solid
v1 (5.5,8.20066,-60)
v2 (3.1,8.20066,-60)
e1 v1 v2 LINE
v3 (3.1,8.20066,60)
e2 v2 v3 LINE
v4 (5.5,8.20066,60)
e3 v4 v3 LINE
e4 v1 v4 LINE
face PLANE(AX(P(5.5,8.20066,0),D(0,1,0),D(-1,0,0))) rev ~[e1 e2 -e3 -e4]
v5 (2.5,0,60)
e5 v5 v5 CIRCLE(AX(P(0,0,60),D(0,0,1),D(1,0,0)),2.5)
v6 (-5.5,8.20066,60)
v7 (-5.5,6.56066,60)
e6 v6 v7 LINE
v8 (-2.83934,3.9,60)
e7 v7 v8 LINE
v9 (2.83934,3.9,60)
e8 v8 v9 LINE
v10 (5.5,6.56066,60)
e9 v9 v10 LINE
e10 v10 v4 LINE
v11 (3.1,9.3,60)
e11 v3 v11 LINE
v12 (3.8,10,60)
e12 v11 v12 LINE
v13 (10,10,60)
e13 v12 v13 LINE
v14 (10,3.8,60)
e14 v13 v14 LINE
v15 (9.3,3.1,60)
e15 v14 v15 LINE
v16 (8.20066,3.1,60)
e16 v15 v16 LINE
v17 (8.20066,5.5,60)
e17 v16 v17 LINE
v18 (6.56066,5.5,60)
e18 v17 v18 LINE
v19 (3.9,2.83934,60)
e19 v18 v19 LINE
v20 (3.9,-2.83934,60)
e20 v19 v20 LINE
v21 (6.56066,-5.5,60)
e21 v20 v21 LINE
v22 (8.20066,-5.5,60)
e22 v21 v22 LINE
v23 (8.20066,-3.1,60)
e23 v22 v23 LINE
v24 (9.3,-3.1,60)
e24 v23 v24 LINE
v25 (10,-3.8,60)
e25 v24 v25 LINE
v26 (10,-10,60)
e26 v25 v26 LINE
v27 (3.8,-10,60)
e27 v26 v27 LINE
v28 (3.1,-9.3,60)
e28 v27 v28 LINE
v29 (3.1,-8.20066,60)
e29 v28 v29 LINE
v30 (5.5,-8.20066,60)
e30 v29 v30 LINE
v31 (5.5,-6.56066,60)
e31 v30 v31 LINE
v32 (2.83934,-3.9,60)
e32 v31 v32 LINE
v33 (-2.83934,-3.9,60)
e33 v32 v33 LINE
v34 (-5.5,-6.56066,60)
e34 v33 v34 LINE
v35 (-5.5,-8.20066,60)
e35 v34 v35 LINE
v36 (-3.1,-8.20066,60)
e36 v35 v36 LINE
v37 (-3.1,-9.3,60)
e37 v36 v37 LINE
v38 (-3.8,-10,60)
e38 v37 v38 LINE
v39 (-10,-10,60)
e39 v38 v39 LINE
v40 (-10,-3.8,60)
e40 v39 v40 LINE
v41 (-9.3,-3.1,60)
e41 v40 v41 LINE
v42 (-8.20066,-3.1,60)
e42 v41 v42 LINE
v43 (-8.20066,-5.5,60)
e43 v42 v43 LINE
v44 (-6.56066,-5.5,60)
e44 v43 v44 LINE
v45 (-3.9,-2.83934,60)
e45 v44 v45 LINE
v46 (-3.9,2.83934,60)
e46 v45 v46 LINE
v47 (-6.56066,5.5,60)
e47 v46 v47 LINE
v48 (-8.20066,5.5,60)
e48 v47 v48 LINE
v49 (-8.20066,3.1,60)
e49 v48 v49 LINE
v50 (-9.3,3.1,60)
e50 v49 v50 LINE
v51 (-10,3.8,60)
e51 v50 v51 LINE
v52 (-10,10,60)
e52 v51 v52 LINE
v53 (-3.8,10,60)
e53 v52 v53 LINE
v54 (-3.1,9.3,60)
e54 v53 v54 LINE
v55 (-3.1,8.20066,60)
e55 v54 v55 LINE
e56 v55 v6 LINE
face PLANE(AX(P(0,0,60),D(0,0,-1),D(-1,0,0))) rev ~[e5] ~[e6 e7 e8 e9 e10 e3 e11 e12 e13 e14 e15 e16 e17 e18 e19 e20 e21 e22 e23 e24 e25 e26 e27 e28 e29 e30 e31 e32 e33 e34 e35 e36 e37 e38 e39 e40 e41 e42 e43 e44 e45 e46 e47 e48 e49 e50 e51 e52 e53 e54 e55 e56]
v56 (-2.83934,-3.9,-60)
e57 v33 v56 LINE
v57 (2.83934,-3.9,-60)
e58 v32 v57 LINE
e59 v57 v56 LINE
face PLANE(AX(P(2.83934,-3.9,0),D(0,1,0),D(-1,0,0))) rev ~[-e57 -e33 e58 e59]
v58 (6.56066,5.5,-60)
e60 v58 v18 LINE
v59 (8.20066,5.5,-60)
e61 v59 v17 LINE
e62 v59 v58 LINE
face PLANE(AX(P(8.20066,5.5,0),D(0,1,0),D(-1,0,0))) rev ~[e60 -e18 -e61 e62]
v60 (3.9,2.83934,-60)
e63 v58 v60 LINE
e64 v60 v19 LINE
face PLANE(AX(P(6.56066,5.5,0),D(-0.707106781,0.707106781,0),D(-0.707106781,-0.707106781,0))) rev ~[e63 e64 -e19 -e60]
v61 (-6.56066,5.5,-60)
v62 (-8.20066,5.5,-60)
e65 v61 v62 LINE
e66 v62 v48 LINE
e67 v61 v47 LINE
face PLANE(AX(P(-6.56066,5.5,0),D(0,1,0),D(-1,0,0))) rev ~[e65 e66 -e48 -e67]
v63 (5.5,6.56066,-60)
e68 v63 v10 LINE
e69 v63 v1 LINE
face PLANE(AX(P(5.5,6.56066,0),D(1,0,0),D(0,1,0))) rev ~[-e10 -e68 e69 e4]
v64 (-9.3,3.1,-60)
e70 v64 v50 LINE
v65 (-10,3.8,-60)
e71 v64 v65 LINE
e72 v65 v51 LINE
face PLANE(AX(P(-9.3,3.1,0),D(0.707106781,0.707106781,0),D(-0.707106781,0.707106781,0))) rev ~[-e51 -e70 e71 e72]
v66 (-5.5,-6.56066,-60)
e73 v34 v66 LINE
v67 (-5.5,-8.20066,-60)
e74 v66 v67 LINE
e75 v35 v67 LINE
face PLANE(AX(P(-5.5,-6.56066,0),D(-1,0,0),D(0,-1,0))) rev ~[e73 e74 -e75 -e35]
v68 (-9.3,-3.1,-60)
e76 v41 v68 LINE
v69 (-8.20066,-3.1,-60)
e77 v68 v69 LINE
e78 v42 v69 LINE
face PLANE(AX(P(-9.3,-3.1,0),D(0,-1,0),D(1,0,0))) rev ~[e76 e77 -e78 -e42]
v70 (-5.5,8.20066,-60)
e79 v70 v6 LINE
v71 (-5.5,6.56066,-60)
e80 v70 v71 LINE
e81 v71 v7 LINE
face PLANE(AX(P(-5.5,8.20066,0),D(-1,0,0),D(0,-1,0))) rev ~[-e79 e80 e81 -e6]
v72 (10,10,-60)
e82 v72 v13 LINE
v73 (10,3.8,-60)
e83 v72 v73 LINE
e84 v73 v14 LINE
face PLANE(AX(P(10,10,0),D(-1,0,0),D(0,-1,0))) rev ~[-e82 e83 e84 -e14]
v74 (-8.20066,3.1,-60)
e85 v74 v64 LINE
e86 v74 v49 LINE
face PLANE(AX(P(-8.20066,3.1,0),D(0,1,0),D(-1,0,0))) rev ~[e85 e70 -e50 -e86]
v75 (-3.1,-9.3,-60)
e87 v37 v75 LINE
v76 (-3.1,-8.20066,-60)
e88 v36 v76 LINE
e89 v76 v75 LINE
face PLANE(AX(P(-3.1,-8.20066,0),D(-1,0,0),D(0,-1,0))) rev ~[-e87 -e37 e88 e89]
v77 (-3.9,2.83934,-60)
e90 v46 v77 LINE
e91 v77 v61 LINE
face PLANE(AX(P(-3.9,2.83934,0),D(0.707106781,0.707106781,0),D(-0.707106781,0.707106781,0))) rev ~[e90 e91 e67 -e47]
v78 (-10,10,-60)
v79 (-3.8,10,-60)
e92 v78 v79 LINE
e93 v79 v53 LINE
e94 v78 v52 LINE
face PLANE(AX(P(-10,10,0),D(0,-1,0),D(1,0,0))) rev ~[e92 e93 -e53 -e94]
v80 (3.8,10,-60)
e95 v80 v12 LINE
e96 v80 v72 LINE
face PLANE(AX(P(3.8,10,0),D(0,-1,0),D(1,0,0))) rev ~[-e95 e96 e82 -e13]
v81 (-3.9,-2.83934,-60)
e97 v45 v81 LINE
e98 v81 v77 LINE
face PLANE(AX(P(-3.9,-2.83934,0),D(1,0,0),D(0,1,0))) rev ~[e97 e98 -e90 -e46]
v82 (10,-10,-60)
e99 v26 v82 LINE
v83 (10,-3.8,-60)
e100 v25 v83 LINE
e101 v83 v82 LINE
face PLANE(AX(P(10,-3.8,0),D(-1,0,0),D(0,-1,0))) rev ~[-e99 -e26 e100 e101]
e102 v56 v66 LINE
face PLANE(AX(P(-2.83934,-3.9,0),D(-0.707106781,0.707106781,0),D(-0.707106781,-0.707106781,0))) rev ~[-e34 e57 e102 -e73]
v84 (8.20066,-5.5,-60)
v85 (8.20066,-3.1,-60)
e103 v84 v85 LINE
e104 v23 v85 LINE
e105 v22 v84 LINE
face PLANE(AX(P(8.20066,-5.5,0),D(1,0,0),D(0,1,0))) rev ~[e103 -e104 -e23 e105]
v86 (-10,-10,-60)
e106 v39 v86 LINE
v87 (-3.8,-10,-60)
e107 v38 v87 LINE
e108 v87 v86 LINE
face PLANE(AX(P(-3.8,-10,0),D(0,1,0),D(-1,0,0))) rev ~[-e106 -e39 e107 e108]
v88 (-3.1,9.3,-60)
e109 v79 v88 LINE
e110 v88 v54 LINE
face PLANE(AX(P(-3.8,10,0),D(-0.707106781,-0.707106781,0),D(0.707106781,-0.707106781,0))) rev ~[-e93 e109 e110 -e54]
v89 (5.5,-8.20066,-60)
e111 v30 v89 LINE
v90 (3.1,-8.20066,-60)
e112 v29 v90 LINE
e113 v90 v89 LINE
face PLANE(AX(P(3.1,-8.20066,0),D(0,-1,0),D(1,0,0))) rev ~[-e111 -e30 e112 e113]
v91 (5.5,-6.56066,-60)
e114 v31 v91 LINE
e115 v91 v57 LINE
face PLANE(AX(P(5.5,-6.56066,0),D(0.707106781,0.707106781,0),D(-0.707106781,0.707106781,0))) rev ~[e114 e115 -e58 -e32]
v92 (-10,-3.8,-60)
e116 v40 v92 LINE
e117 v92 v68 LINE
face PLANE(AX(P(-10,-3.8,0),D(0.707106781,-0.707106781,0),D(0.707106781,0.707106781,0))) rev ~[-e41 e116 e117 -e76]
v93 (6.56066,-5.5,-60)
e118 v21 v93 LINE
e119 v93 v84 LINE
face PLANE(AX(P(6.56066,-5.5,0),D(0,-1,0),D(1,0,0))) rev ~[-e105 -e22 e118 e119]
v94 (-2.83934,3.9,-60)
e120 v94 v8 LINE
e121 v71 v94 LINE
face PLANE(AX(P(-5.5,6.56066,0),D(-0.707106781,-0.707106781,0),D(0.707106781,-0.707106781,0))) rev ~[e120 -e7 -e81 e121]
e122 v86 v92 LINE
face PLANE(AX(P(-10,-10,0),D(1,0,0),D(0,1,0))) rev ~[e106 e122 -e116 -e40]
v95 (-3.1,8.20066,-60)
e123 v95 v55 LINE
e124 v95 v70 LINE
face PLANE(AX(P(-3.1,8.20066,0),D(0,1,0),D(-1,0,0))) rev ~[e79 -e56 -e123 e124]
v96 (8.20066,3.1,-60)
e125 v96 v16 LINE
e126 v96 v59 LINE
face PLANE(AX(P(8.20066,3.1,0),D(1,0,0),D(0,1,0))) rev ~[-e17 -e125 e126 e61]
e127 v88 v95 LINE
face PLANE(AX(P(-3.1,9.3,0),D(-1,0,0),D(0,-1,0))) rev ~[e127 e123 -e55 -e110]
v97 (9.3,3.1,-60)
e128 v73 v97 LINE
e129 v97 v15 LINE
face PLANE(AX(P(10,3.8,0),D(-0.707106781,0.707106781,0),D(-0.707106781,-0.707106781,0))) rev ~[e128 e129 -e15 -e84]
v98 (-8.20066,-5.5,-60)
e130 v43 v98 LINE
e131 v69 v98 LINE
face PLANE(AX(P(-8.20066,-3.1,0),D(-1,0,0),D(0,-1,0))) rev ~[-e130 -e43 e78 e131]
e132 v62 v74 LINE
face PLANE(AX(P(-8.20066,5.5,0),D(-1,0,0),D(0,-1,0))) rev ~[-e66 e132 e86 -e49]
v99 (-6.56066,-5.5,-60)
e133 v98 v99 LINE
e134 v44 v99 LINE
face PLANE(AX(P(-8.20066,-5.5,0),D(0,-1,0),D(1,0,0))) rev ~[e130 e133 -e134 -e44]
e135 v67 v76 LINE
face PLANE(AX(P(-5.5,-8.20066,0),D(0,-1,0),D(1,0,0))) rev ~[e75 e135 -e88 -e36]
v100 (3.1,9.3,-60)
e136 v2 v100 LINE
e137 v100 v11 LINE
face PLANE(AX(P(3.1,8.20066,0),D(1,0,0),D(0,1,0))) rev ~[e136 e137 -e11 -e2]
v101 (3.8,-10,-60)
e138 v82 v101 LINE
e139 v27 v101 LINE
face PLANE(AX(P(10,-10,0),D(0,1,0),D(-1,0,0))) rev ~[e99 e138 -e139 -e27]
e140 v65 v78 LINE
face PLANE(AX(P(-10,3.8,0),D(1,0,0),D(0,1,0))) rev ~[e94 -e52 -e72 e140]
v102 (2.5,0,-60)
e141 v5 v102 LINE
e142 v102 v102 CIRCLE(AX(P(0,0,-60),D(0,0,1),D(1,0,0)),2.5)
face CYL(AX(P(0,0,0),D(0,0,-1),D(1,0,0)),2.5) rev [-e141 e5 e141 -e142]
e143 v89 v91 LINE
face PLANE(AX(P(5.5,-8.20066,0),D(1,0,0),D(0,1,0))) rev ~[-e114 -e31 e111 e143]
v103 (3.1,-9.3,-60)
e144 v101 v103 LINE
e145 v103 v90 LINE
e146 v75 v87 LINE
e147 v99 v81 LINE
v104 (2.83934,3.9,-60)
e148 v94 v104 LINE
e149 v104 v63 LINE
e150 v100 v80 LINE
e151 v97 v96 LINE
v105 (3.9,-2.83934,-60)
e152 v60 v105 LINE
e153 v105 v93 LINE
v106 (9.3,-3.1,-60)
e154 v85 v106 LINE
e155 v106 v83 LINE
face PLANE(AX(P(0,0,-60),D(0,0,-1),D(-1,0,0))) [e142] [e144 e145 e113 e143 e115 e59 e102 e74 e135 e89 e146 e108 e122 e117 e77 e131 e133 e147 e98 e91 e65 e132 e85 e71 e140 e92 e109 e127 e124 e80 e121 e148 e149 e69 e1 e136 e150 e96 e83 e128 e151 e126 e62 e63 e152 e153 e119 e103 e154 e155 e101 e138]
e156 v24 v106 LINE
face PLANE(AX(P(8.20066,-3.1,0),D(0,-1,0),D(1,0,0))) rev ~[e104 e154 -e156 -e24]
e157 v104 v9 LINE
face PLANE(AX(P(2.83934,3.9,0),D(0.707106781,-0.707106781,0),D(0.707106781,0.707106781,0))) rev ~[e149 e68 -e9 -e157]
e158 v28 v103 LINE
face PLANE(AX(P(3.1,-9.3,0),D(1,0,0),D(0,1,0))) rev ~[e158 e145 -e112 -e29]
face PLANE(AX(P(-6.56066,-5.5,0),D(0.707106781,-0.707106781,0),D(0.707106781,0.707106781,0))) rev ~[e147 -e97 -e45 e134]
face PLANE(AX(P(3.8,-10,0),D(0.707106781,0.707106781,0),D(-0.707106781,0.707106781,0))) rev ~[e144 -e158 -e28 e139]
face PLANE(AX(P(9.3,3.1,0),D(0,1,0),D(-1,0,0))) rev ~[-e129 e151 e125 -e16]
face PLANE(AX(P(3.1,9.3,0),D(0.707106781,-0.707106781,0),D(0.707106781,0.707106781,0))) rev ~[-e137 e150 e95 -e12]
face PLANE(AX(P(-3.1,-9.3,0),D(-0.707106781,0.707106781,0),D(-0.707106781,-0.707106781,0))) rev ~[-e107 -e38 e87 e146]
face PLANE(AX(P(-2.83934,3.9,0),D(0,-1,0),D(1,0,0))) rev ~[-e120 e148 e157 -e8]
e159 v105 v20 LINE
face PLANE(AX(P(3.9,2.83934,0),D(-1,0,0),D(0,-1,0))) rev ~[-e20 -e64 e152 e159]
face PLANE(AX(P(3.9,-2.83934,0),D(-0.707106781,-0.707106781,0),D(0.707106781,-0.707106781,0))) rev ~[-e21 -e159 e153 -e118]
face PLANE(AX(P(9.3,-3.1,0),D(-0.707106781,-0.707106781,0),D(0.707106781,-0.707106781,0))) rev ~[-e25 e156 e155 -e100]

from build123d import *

# Parameters (mm, degrees)
SKETCH1_R           = 2.5
BOSS_EXTRUDE1_DEPTH = 60


with BuildPart() as part:
    # Sketch1 → Boss-Extrude1 (new, symmetric)
    with BuildSketch(Plane.XY):
        Polygon((3.9, -2.839339828), (6.560660172, -5.5), (8.200660172, -5.5), (8.200660172, -3.1), (9.3, -3.1), (10, -3.8), (10, -10), (3.8, -10), (3.1, -9.3), (3.1, -8.200660172), (5.5, -8.200660172), (5.5, -6.560660172), (2.839339828, -3.9), (-2.839339828, -3.9), (-5.5, -6.560660172), (-5.5, -8.200660172), (-3.1, -8.200660172), (-3.1, -9.3), (-3.8, -10), (-10, -10), (-10, -3.8), (-9.3, -3.1), (-8.200660172, -3.1), (-8.200660172, -5.5), (-6.560660172, -5.5), (-3.9, -2.839339828), (-3.9, 2.839339828), (-6.560660172, 5.5), (-8.200660172, 5.5), (-8.200660172, 3.1), (-9.3, 3.1), (-10, 3.8), (-10, 10), (-3.8, 10), (-3.1, 9.3), (-3.1, 8.200660172), (-5.5, 8.200660172), (-5.5, 6.560660172), (-2.839339828, 3.9), (2.839339828, 3.9), (5.5, 6.560660172), (5.5, 8.200660172), (3.1, 8.200660172), (3.1, 9.3), (3.8, 10), (10, 10), (10, 3.8), (9.3, 3.1), (8.200660172, 3.1), (8.200660172, 5.5), (6.560660172, 5.5), (3.9, 2.839339828), align=None)
        Circle(SKETCH1_R, mode=Mode.SUBTRACT)
    extrude(amount=BOSS_EXTRUDE1_DEPTH, both=True)


solid = part.part
